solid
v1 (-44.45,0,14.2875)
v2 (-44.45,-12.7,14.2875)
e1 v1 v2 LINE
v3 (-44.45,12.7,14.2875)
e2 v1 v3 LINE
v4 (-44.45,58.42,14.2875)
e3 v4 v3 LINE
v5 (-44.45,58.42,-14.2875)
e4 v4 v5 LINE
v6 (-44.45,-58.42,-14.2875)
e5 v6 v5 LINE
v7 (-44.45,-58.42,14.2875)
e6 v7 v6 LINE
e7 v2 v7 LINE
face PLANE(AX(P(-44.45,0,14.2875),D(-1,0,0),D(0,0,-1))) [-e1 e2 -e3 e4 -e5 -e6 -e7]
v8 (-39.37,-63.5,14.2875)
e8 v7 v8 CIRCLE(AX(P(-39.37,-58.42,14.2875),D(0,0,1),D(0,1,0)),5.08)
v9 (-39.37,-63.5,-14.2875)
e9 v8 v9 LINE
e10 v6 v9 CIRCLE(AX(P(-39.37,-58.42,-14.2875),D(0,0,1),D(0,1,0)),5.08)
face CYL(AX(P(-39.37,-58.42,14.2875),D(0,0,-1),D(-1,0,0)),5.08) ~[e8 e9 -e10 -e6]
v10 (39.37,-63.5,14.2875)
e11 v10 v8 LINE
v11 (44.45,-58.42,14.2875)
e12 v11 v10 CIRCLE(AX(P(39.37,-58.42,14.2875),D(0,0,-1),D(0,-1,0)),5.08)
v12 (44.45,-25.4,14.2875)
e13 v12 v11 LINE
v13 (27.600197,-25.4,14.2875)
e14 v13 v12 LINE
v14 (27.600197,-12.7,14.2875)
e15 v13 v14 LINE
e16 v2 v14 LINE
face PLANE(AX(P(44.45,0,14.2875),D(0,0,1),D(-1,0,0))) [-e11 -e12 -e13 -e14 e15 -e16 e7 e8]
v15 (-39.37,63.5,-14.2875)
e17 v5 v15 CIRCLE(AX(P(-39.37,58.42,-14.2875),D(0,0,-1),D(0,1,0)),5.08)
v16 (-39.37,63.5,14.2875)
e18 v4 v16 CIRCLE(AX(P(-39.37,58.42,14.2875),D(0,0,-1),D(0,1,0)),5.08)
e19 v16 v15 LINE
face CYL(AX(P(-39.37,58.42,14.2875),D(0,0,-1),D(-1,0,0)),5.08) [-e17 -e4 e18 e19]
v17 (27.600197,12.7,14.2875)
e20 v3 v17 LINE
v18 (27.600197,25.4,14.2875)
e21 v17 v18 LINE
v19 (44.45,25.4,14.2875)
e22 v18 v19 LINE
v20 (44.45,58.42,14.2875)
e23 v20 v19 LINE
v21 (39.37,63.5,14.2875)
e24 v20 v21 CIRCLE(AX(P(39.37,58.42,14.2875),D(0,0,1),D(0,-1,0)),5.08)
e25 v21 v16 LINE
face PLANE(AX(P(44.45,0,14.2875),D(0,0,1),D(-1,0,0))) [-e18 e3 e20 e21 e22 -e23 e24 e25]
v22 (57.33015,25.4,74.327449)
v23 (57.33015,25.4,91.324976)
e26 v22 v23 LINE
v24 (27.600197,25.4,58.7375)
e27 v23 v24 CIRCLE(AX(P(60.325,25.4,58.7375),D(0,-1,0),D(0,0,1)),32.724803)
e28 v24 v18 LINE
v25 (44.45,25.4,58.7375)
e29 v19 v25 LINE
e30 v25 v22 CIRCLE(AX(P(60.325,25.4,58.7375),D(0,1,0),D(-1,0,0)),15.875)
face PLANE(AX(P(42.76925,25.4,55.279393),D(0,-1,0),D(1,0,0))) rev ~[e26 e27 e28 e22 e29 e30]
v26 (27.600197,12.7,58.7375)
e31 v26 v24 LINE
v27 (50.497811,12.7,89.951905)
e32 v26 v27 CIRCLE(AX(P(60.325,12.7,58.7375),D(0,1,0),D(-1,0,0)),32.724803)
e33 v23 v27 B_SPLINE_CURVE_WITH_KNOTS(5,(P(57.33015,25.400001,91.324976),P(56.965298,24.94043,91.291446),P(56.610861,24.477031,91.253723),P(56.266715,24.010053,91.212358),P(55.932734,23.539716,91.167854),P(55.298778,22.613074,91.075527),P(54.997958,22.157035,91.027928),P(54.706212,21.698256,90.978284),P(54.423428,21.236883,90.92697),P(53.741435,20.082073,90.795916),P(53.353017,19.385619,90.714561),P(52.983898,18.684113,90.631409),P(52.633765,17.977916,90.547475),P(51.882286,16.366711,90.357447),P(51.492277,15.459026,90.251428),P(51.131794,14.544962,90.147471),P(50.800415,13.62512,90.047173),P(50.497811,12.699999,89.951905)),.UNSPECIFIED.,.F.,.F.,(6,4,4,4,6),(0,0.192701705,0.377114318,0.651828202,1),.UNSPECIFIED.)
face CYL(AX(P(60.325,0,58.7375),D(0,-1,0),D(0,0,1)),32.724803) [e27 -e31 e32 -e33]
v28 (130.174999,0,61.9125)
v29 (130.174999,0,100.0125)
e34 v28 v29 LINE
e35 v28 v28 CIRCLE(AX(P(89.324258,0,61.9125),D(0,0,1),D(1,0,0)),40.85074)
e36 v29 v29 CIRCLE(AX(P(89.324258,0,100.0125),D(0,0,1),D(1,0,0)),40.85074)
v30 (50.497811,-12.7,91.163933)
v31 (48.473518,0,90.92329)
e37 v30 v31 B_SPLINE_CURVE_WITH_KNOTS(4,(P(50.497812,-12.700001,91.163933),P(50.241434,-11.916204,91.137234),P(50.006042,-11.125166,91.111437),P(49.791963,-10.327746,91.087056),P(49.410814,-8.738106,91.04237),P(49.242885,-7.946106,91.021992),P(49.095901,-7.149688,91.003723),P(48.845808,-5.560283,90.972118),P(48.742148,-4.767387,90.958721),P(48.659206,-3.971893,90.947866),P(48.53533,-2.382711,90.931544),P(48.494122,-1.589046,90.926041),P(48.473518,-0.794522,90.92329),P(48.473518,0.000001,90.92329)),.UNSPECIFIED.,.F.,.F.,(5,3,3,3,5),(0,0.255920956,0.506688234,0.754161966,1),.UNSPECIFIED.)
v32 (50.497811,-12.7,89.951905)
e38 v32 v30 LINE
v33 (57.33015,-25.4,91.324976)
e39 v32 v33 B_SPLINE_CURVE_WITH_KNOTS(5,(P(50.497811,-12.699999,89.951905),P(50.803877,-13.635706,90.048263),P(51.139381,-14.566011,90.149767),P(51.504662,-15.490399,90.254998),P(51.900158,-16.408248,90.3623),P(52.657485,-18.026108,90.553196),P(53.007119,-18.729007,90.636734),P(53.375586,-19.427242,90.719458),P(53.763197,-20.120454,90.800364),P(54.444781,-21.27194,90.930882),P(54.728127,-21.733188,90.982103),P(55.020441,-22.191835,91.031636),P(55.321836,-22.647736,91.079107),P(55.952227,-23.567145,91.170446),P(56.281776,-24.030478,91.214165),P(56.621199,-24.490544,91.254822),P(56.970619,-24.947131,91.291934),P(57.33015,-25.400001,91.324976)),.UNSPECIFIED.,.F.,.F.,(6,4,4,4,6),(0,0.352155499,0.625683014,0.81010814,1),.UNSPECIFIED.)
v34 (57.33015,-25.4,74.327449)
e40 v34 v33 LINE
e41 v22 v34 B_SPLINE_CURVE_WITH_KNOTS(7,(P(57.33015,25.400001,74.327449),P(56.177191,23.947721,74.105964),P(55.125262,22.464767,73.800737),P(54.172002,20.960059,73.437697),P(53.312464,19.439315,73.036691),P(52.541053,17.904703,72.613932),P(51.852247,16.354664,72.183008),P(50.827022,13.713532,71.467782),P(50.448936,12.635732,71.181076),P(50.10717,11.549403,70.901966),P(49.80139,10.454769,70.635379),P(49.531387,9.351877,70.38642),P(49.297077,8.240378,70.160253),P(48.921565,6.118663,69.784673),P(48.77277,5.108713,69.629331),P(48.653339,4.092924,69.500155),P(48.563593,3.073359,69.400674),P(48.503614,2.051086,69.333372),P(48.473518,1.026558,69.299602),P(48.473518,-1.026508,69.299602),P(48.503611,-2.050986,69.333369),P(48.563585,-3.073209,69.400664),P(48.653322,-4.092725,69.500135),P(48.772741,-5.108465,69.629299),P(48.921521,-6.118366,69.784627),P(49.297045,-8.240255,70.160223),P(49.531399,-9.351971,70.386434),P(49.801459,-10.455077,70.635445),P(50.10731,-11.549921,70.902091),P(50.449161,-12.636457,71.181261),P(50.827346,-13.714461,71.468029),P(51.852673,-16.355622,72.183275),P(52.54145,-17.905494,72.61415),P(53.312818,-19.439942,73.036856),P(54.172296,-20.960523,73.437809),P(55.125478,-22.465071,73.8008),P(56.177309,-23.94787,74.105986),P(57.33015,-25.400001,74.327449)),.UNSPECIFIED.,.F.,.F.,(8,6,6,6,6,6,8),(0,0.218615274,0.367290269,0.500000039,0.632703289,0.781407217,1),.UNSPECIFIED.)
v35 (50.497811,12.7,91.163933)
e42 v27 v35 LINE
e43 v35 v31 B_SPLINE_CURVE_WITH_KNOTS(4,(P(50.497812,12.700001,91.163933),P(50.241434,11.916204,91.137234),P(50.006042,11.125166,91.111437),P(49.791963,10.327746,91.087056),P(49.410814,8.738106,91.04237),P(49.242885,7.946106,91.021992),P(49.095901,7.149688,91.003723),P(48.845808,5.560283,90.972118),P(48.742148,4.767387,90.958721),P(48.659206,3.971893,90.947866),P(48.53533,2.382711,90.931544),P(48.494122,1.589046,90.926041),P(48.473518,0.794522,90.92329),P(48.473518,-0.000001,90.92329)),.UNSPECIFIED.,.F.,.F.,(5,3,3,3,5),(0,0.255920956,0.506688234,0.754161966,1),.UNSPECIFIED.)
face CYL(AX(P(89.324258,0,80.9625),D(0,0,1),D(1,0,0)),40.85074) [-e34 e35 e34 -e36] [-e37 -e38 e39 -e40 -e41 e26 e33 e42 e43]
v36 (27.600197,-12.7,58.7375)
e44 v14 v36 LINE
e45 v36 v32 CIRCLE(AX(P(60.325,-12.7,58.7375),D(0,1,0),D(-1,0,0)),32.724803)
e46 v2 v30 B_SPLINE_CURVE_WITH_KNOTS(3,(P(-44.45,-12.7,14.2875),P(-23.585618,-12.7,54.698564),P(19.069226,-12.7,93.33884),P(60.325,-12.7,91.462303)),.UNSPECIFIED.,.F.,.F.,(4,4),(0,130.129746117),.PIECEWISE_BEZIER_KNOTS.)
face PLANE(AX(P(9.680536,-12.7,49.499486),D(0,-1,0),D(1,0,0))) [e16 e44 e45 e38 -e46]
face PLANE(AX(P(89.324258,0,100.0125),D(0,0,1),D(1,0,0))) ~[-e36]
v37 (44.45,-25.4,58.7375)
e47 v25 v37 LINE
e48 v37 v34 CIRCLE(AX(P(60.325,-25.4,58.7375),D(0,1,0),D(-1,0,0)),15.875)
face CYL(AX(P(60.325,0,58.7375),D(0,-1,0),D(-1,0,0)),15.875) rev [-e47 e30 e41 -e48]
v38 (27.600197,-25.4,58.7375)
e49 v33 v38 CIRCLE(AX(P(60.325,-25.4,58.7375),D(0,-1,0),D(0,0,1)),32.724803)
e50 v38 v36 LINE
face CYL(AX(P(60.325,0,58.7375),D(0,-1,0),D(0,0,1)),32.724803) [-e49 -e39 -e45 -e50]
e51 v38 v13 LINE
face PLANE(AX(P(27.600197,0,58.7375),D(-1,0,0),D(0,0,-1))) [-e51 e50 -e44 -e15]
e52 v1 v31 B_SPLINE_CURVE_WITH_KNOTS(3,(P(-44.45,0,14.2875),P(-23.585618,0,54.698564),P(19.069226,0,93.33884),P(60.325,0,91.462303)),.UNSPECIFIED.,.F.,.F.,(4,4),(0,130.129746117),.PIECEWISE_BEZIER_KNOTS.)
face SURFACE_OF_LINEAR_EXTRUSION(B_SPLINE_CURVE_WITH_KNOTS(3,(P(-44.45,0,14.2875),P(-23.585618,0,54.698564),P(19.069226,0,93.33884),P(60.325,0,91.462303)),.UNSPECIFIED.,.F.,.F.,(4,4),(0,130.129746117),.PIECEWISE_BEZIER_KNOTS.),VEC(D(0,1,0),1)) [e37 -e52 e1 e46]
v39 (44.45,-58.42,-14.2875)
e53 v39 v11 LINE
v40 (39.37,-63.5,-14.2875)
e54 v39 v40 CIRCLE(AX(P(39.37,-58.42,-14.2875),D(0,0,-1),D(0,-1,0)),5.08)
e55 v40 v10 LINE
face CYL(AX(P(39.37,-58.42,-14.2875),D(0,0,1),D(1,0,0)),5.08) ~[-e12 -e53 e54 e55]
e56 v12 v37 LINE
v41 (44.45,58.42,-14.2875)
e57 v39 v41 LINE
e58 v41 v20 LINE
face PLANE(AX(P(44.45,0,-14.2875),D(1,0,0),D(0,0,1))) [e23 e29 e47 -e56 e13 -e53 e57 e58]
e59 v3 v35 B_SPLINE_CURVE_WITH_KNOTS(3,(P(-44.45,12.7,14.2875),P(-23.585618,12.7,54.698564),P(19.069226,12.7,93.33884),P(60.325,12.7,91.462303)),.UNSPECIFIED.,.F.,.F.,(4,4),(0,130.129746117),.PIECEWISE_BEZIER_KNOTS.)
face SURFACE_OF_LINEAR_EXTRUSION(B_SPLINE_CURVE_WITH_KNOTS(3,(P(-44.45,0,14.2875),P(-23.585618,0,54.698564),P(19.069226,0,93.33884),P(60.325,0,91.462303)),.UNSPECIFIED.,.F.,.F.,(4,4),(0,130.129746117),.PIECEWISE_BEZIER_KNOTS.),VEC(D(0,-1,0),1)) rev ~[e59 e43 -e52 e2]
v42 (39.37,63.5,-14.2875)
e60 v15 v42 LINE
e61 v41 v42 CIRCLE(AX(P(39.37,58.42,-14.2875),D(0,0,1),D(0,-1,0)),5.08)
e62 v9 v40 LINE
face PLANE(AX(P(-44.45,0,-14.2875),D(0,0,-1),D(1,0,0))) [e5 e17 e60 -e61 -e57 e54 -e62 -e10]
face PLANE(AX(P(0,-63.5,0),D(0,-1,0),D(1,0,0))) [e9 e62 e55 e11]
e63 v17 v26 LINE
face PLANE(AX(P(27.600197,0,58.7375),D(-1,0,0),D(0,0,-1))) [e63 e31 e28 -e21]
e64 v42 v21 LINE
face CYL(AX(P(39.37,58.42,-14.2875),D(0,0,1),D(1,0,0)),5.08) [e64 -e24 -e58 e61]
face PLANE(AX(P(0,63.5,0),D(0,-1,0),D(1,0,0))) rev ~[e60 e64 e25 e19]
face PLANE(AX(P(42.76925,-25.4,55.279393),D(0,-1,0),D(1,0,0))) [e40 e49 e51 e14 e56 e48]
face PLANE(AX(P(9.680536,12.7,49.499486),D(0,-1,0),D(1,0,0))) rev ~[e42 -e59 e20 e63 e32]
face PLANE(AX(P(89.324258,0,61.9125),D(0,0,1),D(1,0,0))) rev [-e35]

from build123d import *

# Parameters (mm, degrees)
F1_DEPTH = 63.5
F2_DEPTH = 25.4
F3_DEPTH = 12.7
F0_W     = 40.8507403036
F0_H     = 38.1
F5_R     = 5.08


with BuildPart() as f1:
    # F0 (on Front) → F1 (new body, symmetric)
    with BuildSketch(Plane.XZ):
        Polygon((44.45, -14.2875), (44.45, 14.2875), (27.6001971215, 14.2875), (-44.45, 14.2875), (-44.45, -14.2875), align=None)
    extrude(amount=F1_DEPTH, both=True)

    # F0 (on Front) → F2 (join, symmetric)
    with BuildSketch(Plane.XZ):
        with BuildLine():
            Line((27.6001971215, 14.2875), (44.45, 14.2875))
            Line((44.45, 14.2875), (44.45, 58.7375))
            ThreePointArc((44.45, 58.7375), (49.0996798487, 69.9628201513), (60.325, 74.6125))
            Line((60.325, 74.6125), (66.6749985714, 74.6125))
            Line((66.6749985714, 74.6125), (66.6749985714, 91.4623028785))
            Line((66.6749985714, 91.4623028785), (60.325, 91.4623028785))
            ThreePointArc((60.325, 91.4623028785), (37.1850699716, 81.8774300284), (27.6001971215, 58.7375))
            Line((27.6001971215, 58.7375), (27.6001971215, 14.2875))
        make_face()
        Polygon((66.6749985714, 91.4623028785), (66.6749985714, 74.6125), (66.6749985714, 61.9125), (89.3242582679, 61.9125), (89.3242582679, 100.0125), (66.6749985714, 100.0125), align=None)
    extrude(amount=F2_DEPTH, both=True)

    # F0 (on Front) → F3 (join, symmetric)
    with BuildSketch(Plane.XZ):
        with BuildLine():
            Line((-44.45, 14.2875), (27.6001971215, 14.2875))
            Line((27.6001971215, 14.2875), (27.6001971215, 58.7375))
            ThreePointArc((27.6001971215, 58.7375), (37.1850699716, 81.8774300284), (60.325, 91.4623028785))
            add(Edge.make_bspline(
                [(-44.45, 14.2875), (-23.5856175423, 54.6985641122), (19.0692264587, 93.3388397098), (60.325, 91.4623028785)],
                knots=[0, 0, 0, 0, 130.1297461165, 130.1297461165, 130.1297461165, 130.1297461165], degree=3))
        make_face()
    extrude(amount=F3_DEPTH, both=True)

    # F0 (on Front) → F4 (revolve)
    with BuildSketch(Plane.XZ):
        with Locations((109.7496284197, 80.9625)):
            Rectangle(F0_W, F0_H)
    revolve(axis=Axis((89.3242582679, 0, 80.9625), (0, 0, 1)))

    # F5
    f5_edges = [f1.edges().sort_by_distance(p)[0] for p in [
        (44.45, -63.5, 0),
        (-44.45, -63.5, 0),
        (44.45, 63.5, 0),
        (-44.45, 63.5, 0),
    ]]
    fillet(f5_edges, radius=F5_R)


solid = f1.part
